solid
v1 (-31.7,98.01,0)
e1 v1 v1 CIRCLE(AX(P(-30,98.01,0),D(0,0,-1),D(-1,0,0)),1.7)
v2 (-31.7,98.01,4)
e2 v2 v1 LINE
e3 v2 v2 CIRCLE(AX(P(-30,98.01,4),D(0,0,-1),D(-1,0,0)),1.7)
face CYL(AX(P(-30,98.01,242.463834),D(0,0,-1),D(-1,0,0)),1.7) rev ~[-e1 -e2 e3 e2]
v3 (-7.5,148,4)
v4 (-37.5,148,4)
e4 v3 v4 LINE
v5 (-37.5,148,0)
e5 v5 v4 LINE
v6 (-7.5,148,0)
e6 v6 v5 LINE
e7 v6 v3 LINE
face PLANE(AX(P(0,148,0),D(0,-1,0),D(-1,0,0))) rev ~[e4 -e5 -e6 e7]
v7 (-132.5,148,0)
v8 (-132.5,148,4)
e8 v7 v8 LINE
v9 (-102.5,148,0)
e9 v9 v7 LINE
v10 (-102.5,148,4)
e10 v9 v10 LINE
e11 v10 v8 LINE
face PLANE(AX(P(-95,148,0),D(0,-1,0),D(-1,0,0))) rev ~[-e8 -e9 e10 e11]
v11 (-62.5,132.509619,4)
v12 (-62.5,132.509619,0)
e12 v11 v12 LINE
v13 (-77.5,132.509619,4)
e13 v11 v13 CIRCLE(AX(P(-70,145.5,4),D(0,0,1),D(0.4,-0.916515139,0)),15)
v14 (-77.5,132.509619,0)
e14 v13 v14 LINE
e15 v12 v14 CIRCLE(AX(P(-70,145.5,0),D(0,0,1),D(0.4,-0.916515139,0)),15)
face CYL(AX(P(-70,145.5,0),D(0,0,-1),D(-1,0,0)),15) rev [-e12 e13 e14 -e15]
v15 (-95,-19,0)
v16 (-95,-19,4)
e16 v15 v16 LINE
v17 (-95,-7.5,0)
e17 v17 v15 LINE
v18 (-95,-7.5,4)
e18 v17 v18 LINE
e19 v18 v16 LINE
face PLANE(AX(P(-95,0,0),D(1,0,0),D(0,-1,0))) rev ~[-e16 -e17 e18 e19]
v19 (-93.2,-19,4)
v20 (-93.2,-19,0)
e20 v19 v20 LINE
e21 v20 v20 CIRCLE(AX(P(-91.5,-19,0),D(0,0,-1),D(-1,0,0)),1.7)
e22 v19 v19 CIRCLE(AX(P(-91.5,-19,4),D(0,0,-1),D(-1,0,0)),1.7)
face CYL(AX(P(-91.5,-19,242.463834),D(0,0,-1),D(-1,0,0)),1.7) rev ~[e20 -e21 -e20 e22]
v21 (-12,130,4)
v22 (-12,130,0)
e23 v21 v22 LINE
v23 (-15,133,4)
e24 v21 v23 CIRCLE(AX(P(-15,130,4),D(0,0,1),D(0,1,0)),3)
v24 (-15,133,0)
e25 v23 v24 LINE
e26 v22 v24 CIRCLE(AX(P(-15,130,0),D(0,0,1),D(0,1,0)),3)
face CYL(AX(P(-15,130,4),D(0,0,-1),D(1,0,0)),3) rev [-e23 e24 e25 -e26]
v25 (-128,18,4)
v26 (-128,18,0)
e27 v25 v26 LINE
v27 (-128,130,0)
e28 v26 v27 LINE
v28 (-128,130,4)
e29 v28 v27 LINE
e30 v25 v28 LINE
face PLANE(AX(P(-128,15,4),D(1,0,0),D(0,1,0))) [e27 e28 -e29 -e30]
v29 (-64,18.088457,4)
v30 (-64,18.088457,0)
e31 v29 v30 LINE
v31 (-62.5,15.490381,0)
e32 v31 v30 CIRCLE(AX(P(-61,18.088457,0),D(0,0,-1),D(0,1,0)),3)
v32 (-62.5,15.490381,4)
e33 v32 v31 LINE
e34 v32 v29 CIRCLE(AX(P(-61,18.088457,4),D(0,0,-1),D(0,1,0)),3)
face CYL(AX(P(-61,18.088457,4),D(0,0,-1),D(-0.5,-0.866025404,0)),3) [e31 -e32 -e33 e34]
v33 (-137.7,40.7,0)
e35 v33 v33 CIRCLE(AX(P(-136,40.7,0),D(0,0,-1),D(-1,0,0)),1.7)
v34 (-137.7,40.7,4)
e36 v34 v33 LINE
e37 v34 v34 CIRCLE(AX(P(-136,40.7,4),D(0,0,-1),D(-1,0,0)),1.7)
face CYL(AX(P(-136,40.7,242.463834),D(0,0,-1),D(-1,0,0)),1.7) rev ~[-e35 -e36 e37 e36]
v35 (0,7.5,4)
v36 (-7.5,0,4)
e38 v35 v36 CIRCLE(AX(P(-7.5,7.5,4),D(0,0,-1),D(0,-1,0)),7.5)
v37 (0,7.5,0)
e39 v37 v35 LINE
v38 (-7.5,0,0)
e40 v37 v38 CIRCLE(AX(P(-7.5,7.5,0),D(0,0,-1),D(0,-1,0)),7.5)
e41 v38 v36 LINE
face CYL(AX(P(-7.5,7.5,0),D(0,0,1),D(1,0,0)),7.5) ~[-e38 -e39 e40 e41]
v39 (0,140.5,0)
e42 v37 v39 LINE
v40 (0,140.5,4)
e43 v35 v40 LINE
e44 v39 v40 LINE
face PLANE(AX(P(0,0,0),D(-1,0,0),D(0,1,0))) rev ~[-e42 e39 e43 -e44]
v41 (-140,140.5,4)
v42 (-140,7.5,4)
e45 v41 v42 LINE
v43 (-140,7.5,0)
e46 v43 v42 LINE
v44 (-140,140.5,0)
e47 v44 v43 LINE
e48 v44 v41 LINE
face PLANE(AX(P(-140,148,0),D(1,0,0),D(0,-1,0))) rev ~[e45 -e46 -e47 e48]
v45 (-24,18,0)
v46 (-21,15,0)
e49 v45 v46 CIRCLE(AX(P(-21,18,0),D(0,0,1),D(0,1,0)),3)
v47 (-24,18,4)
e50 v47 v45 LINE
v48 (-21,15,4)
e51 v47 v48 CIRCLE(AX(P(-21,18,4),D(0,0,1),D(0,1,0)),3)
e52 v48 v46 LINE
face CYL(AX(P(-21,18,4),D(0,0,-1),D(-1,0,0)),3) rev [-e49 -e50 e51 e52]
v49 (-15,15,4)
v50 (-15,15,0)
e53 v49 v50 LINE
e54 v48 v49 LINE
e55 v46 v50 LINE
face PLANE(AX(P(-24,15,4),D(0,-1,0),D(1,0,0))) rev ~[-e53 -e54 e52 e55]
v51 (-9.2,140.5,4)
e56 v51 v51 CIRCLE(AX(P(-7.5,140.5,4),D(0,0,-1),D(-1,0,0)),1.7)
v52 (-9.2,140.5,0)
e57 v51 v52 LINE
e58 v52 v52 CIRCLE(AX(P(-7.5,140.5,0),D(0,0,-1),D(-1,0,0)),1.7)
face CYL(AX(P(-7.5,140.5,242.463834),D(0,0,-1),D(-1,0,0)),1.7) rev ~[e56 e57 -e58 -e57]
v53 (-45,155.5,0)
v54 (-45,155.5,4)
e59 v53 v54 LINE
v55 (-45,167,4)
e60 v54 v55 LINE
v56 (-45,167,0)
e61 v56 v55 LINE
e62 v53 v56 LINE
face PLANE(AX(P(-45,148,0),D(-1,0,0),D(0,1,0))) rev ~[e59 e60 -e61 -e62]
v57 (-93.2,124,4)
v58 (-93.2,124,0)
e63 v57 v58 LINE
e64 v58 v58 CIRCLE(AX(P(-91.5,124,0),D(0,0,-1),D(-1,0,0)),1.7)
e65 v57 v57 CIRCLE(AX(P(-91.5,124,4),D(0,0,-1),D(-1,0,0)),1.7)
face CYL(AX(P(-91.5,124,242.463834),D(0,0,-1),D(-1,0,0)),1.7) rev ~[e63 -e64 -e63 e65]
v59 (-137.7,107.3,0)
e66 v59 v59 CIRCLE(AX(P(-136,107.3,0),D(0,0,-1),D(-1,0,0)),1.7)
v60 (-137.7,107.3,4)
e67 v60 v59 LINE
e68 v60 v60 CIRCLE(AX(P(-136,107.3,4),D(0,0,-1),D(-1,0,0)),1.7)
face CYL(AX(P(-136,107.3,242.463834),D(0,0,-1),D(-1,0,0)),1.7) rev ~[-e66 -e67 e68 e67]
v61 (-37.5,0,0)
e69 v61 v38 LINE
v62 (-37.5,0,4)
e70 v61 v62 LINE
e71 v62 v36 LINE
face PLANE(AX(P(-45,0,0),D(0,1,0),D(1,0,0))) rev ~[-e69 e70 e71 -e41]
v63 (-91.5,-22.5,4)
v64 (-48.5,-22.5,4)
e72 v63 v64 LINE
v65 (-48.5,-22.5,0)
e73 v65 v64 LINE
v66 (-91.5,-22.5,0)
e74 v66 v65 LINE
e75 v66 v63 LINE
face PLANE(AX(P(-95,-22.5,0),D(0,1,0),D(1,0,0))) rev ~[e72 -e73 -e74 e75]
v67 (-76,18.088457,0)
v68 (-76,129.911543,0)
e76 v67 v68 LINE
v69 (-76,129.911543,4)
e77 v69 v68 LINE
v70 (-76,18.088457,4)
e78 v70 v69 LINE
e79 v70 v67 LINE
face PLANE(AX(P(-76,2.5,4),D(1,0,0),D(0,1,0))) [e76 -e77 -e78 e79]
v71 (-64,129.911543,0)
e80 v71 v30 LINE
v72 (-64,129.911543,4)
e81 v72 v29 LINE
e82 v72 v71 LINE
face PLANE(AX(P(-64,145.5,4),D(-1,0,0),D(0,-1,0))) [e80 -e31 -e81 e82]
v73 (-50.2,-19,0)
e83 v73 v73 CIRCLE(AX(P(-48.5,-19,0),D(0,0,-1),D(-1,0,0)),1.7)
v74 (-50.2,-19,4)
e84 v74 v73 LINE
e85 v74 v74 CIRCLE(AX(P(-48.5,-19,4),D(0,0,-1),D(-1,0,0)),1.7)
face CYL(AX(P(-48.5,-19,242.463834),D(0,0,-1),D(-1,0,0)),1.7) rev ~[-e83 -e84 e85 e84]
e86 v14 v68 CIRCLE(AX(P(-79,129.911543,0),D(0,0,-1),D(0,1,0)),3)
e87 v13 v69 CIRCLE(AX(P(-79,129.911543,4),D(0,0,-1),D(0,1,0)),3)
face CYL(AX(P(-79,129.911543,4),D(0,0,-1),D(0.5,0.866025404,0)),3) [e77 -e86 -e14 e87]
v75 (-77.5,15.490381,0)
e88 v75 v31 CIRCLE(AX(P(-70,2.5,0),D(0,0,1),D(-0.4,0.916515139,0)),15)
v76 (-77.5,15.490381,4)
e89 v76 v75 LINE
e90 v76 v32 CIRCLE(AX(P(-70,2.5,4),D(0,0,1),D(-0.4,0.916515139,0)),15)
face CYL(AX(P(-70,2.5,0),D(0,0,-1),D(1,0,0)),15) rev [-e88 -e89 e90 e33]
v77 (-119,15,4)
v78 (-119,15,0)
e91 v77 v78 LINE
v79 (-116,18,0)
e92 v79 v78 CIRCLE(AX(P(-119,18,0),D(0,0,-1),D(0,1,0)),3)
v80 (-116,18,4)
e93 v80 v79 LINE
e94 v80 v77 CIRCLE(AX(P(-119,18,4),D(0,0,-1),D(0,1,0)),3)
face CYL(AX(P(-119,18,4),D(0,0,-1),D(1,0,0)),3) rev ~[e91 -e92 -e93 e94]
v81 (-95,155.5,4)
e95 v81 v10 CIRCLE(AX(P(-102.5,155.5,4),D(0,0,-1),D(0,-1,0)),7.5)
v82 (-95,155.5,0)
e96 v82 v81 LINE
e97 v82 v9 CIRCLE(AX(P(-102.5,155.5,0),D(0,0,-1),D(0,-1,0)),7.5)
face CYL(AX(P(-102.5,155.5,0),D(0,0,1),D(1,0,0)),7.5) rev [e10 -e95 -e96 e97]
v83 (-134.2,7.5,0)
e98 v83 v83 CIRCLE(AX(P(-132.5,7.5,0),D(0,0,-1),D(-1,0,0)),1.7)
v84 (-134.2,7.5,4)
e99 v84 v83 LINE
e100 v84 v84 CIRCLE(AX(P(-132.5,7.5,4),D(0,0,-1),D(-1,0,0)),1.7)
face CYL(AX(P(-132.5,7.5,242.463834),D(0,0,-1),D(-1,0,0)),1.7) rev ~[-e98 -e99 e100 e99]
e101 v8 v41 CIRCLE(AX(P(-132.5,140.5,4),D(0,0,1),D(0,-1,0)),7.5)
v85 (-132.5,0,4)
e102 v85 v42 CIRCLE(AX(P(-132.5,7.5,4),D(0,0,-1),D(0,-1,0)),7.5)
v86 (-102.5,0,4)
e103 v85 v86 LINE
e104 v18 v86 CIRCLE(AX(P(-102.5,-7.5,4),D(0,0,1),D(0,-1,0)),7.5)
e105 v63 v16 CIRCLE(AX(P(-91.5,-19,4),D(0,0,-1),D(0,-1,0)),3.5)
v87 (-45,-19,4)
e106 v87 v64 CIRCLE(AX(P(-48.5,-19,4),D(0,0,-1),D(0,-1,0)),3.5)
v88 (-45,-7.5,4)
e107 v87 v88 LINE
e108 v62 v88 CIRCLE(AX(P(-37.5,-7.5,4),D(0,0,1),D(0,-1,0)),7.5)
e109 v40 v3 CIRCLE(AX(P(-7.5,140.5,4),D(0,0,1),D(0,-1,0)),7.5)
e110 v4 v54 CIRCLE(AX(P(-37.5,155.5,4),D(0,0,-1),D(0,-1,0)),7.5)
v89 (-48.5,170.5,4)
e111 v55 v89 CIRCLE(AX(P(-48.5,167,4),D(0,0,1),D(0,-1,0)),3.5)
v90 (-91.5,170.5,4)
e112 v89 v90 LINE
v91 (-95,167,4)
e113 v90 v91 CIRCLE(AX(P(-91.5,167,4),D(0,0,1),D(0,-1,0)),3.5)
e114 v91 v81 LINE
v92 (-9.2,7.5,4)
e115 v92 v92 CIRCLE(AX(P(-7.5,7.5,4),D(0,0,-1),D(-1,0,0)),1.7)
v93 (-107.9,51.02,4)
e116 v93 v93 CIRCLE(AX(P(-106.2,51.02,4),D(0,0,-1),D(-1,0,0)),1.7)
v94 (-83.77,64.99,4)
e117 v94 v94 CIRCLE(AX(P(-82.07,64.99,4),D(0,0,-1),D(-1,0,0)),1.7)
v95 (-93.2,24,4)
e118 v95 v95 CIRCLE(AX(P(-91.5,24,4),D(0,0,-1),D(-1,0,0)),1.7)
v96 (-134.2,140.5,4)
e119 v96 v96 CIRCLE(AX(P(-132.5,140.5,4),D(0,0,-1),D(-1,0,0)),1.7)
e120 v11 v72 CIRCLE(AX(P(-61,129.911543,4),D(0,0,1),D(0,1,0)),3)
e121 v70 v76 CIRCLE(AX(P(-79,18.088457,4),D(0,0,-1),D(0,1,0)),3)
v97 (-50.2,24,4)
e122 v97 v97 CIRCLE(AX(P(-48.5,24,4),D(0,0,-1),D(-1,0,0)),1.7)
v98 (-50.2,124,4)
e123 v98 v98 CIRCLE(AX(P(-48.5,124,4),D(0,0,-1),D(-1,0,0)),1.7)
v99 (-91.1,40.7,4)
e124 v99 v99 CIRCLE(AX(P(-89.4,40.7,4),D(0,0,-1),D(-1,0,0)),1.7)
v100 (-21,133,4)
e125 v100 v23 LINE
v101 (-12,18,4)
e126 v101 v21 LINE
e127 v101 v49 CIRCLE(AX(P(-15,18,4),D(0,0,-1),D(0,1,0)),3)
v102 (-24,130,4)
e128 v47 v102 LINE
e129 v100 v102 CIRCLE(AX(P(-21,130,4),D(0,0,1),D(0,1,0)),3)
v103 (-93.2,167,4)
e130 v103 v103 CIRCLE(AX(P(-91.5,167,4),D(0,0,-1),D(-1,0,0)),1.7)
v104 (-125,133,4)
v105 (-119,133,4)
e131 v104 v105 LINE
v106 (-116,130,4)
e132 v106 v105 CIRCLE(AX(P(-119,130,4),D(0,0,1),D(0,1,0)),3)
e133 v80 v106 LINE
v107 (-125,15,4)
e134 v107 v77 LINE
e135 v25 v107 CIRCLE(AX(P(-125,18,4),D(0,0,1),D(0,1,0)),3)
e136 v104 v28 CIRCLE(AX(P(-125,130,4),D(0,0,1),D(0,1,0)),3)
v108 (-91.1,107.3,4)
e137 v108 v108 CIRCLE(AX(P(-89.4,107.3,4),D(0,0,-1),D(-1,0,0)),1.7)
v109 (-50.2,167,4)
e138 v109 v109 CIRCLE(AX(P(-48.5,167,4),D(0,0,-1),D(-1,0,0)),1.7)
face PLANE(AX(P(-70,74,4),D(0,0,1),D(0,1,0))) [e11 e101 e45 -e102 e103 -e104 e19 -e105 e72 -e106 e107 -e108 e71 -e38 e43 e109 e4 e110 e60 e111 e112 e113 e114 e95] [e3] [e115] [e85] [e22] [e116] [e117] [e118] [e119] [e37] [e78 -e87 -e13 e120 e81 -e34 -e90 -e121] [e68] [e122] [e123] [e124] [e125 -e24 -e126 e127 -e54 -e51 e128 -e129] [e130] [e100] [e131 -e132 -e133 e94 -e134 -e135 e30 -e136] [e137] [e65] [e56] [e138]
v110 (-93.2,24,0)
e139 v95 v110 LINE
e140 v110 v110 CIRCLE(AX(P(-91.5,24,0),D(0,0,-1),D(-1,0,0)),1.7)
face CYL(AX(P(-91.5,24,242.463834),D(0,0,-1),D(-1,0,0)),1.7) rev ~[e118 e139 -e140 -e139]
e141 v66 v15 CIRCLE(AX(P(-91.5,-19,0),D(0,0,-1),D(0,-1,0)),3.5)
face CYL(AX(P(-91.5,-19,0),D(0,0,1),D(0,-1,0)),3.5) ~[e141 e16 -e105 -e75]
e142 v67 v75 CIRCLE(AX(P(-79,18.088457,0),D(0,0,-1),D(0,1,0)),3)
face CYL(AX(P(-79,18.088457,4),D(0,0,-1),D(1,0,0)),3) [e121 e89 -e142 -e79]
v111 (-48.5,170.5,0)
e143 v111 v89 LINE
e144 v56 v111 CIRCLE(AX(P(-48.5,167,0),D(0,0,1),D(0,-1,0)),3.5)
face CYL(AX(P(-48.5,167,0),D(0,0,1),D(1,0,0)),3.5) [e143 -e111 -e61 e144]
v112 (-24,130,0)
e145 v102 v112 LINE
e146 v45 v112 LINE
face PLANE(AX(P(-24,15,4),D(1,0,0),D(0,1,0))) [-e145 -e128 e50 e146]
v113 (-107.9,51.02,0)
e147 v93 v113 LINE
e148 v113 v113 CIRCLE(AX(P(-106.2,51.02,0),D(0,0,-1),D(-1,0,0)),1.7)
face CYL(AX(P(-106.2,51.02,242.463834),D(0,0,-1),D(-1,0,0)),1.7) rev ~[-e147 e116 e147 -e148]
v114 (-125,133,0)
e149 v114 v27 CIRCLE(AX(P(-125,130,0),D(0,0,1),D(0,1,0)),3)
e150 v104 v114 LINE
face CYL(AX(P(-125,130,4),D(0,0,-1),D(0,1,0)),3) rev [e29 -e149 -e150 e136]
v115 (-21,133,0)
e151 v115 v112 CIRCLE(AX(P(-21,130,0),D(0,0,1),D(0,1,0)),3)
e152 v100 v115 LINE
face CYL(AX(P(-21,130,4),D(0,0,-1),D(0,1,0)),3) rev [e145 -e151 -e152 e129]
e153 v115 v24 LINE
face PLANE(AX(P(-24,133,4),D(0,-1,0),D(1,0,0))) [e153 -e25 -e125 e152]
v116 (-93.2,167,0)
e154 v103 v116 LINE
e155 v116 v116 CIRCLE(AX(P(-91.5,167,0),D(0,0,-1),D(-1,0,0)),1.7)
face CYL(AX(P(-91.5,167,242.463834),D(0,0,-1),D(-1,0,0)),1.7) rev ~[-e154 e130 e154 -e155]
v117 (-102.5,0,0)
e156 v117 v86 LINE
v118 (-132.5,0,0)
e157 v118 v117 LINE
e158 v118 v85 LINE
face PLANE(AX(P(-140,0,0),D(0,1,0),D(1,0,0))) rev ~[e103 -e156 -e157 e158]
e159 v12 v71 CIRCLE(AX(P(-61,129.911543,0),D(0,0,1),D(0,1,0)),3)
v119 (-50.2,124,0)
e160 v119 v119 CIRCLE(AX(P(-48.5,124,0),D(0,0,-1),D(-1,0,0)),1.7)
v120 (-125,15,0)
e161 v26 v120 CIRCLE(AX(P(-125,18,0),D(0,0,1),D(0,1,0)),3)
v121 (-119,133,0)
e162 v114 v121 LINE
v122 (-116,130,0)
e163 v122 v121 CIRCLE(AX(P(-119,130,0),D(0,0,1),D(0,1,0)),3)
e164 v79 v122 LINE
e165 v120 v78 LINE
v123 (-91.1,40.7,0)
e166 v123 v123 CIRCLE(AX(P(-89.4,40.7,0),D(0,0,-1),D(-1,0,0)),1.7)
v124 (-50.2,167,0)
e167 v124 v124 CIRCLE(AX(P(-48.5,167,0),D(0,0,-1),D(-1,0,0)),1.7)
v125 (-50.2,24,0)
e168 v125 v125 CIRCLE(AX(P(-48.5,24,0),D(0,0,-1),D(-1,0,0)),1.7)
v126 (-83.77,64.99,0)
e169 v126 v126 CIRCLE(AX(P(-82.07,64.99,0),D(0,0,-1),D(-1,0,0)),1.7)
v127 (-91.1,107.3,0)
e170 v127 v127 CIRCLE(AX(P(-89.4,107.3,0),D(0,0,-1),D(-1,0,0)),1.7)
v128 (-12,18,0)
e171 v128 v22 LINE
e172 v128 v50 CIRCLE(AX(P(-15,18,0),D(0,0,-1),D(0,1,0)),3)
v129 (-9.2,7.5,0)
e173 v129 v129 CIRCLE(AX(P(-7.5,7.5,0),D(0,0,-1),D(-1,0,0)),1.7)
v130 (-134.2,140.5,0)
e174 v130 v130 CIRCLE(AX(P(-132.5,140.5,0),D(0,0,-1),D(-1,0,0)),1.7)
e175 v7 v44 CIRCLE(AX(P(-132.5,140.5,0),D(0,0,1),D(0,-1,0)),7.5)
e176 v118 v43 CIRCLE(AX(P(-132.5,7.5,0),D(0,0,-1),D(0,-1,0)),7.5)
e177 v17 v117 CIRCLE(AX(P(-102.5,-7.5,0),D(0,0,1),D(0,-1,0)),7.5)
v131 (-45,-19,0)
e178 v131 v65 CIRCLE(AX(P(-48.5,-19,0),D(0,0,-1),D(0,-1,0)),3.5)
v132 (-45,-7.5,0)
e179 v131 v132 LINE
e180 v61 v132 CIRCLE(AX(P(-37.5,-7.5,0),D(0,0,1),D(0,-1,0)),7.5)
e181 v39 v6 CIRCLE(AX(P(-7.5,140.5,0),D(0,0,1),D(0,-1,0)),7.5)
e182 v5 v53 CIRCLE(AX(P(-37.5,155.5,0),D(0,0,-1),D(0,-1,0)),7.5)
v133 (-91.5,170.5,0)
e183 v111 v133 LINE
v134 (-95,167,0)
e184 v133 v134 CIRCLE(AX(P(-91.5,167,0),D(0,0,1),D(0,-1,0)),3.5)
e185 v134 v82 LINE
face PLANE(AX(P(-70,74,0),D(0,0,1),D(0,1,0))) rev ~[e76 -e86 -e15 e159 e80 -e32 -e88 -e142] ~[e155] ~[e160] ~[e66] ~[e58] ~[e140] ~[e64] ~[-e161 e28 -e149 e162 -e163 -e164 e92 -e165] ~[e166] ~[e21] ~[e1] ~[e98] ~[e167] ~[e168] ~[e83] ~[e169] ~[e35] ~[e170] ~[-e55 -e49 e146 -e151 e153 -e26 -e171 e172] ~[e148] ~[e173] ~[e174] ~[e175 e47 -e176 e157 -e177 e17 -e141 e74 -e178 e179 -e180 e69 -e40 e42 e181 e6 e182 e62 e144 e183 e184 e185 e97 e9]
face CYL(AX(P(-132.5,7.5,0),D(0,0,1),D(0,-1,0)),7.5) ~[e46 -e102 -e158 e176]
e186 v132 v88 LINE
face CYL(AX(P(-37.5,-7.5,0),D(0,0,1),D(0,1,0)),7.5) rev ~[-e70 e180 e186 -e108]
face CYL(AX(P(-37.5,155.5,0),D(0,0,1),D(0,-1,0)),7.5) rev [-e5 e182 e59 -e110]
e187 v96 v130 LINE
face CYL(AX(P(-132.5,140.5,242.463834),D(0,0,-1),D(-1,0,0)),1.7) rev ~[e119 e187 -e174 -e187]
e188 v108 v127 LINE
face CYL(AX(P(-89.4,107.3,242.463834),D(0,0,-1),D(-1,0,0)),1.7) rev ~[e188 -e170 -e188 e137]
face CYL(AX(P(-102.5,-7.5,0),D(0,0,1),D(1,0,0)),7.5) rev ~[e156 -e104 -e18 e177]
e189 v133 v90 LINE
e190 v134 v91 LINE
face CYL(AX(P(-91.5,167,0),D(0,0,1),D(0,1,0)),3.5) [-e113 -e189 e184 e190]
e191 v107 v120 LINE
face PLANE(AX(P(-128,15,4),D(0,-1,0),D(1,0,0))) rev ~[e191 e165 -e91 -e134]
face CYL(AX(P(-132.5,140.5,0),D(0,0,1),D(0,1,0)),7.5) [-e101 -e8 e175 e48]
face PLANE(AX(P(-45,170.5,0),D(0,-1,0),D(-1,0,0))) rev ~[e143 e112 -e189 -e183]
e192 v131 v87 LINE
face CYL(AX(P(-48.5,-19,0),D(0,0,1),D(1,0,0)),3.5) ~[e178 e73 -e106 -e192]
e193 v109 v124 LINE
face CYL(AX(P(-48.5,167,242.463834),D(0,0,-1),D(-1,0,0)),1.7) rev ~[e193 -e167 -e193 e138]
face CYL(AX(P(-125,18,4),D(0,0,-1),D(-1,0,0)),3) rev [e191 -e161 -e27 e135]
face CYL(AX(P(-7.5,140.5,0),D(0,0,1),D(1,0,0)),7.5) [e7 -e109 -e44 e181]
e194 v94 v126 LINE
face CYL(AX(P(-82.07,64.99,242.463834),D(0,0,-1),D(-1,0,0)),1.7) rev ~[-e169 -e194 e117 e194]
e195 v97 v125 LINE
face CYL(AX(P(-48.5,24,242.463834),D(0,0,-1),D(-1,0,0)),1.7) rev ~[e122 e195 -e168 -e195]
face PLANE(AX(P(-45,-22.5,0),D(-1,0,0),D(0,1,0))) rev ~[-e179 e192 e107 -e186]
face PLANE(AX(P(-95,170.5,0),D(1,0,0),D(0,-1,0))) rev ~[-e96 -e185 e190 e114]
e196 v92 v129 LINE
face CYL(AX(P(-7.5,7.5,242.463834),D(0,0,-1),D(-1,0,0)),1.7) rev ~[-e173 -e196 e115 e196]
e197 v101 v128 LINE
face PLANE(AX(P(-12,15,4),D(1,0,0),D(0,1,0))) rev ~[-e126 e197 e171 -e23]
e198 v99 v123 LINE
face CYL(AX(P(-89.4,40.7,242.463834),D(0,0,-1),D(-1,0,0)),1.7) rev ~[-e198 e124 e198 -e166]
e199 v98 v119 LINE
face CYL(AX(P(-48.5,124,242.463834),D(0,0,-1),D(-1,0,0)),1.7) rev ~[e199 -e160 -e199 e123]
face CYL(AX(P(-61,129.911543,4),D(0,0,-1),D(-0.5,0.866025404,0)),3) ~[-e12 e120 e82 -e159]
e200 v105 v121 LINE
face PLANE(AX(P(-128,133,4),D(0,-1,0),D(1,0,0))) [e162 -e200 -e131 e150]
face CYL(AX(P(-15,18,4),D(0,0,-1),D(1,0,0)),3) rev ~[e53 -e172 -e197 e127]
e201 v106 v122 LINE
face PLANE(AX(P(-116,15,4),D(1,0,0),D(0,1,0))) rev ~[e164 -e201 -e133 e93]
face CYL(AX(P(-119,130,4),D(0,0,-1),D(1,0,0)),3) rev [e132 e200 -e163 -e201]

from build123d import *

# Parameters (mm, degrees)
SKETCH_1_R          = 15
EXTRUDE_1_DEPTH     = 4
HOLE_WIZARD_M3_1_D  = 3.4
FILLET_7_R          = 7.5
FILLET_8_R          = 3.5
SKETCH_4_W          = 12
SKETCH_4_H          = 118
CUT_EXTRUDE_1_DEPTH = 221.649609109
FILLET_9_R          = 3


with BuildPart() as part:
    # ｽｹｯﾁ1 → ﾎﾞｽ - 押し出し1 (new body)
    with BuildSketch(Plane(origin=(0, 0, 0), x_dir=(0, 1, 0), z_dir=(0, 0, 1))):
        Polygon((0, 0), (148, 0), (148, 45), (170.5, 45), (170.5, 95), (148, 95), (148, 140), (0, 140), (0, 95), (-22.5, 95), (-22.5, 45), (0, 45), align=None)
        with Locations(Location((2.5, 70, 0), (0, 0, 270))):
            Circle(SKETCH_1_R, mode=Mode.SUBTRACT)
        with Locations(Location((145.5, 70, 0), (0, 0, 90))):
            Circle(SKETCH_1_R, mode=Mode.SUBTRACT)
    extrude(amount=EXTRUDE_1_DEPTH)

    # M3 すきま穴1 (through all)
    with Locations(Plane.XY.offset(4)):
        with Locations((-132.5, 140.5), (-7.5, 140.5), (-106.2, 51.02), (-30, 98.01), (-7.5, 7.5), (-132.5, 7.5), (-82.07, 64.99), (-136, 107.3), (-89.4, 107.3), (-89.4, 40.7), (-136, 40.7), (-91.5, 24), (-48.5, 24), (-48.5, -19), (-91.5, -19), (-91.5, 167), (-48.5, 167), (-48.5, 124), (-91.5, 124)):
            Hole(HOLE_WIZARD_M3_1_D / 2)

    # ﾌｨﾚｯﾄ7
    fillet_7_edges = [part.edges().sort_by_distance(p)[0] for p in [
        (-45, 0, 2),
        (-95, 0, 2),
        (-140, 0, 2),
        (-140, 148, 2),
        (-95, 148, 2),
        (-45, 148, 2),
        (0, 148, 2),
        (0, 0, 2),
    ]]
    fillet(fillet_7_edges, radius=FILLET_7_R)

    # ﾌｨﾚｯﾄ8
    fillet_8_edges = [part.edges().sort_by_distance(p)[0] for p in [
        (-45, -22.5, 2),
        (-95, -22.5, 2),
        (-95, 170.5, 2),
        (-45, 170.5, 2),
    ]]
    fillet(fillet_8_edges, radius=FILLET_8_R)

    # ｽｹｯﾁ4 → ｶｯﾄ - 押し出し1 (cut, through all)
    with BuildSketch(Plane.XY.offset(4)):
        with Locations((-122, 74)):
            Rectangle(SKETCH_4_W, SKETCH_4_H)
        with BuildLine():
            Line((-64, 145.5), (-64, 2.5))
            ThreePointArc((-64, 2.5), (-70, -3.5), (-76, 2.5))
            Line((-76, 2.5), (-76, 145.5))
            ThreePointArc((-76, 145.5), (-70, 151.5), (-64, 145.5))
        make_face()
        with Locations((-18, 74)):
            Rectangle(SKETCH_4_W, SKETCH_4_H)
    extrude(amount=-CUT_EXTRUDE_1_DEPTH, mode=Mode.SUBTRACT)

    # ﾌｨﾚｯﾄ9
    fillet_9_edges = [part.edges().sort_by_distance(p)[0] for p in [
        (-76, 131.752272915, 2),
        (-64, 131.752272915, 2),
        (-128, 15, 2),
        (-128, 133, 2),
        (-116, 133, 2),
        (-116, 15, 2),
        (-64, 16.247727085, 2),
        (-76, 16.247727085, 2),
        (-12, 133, 2),
        (-12, 15, 2),
        (-24, 15, 2),
        (-24, 133, 2),
    ]]
    fillet(fillet_9_edges, radius=FILLET_9_R)


solid = part.part
